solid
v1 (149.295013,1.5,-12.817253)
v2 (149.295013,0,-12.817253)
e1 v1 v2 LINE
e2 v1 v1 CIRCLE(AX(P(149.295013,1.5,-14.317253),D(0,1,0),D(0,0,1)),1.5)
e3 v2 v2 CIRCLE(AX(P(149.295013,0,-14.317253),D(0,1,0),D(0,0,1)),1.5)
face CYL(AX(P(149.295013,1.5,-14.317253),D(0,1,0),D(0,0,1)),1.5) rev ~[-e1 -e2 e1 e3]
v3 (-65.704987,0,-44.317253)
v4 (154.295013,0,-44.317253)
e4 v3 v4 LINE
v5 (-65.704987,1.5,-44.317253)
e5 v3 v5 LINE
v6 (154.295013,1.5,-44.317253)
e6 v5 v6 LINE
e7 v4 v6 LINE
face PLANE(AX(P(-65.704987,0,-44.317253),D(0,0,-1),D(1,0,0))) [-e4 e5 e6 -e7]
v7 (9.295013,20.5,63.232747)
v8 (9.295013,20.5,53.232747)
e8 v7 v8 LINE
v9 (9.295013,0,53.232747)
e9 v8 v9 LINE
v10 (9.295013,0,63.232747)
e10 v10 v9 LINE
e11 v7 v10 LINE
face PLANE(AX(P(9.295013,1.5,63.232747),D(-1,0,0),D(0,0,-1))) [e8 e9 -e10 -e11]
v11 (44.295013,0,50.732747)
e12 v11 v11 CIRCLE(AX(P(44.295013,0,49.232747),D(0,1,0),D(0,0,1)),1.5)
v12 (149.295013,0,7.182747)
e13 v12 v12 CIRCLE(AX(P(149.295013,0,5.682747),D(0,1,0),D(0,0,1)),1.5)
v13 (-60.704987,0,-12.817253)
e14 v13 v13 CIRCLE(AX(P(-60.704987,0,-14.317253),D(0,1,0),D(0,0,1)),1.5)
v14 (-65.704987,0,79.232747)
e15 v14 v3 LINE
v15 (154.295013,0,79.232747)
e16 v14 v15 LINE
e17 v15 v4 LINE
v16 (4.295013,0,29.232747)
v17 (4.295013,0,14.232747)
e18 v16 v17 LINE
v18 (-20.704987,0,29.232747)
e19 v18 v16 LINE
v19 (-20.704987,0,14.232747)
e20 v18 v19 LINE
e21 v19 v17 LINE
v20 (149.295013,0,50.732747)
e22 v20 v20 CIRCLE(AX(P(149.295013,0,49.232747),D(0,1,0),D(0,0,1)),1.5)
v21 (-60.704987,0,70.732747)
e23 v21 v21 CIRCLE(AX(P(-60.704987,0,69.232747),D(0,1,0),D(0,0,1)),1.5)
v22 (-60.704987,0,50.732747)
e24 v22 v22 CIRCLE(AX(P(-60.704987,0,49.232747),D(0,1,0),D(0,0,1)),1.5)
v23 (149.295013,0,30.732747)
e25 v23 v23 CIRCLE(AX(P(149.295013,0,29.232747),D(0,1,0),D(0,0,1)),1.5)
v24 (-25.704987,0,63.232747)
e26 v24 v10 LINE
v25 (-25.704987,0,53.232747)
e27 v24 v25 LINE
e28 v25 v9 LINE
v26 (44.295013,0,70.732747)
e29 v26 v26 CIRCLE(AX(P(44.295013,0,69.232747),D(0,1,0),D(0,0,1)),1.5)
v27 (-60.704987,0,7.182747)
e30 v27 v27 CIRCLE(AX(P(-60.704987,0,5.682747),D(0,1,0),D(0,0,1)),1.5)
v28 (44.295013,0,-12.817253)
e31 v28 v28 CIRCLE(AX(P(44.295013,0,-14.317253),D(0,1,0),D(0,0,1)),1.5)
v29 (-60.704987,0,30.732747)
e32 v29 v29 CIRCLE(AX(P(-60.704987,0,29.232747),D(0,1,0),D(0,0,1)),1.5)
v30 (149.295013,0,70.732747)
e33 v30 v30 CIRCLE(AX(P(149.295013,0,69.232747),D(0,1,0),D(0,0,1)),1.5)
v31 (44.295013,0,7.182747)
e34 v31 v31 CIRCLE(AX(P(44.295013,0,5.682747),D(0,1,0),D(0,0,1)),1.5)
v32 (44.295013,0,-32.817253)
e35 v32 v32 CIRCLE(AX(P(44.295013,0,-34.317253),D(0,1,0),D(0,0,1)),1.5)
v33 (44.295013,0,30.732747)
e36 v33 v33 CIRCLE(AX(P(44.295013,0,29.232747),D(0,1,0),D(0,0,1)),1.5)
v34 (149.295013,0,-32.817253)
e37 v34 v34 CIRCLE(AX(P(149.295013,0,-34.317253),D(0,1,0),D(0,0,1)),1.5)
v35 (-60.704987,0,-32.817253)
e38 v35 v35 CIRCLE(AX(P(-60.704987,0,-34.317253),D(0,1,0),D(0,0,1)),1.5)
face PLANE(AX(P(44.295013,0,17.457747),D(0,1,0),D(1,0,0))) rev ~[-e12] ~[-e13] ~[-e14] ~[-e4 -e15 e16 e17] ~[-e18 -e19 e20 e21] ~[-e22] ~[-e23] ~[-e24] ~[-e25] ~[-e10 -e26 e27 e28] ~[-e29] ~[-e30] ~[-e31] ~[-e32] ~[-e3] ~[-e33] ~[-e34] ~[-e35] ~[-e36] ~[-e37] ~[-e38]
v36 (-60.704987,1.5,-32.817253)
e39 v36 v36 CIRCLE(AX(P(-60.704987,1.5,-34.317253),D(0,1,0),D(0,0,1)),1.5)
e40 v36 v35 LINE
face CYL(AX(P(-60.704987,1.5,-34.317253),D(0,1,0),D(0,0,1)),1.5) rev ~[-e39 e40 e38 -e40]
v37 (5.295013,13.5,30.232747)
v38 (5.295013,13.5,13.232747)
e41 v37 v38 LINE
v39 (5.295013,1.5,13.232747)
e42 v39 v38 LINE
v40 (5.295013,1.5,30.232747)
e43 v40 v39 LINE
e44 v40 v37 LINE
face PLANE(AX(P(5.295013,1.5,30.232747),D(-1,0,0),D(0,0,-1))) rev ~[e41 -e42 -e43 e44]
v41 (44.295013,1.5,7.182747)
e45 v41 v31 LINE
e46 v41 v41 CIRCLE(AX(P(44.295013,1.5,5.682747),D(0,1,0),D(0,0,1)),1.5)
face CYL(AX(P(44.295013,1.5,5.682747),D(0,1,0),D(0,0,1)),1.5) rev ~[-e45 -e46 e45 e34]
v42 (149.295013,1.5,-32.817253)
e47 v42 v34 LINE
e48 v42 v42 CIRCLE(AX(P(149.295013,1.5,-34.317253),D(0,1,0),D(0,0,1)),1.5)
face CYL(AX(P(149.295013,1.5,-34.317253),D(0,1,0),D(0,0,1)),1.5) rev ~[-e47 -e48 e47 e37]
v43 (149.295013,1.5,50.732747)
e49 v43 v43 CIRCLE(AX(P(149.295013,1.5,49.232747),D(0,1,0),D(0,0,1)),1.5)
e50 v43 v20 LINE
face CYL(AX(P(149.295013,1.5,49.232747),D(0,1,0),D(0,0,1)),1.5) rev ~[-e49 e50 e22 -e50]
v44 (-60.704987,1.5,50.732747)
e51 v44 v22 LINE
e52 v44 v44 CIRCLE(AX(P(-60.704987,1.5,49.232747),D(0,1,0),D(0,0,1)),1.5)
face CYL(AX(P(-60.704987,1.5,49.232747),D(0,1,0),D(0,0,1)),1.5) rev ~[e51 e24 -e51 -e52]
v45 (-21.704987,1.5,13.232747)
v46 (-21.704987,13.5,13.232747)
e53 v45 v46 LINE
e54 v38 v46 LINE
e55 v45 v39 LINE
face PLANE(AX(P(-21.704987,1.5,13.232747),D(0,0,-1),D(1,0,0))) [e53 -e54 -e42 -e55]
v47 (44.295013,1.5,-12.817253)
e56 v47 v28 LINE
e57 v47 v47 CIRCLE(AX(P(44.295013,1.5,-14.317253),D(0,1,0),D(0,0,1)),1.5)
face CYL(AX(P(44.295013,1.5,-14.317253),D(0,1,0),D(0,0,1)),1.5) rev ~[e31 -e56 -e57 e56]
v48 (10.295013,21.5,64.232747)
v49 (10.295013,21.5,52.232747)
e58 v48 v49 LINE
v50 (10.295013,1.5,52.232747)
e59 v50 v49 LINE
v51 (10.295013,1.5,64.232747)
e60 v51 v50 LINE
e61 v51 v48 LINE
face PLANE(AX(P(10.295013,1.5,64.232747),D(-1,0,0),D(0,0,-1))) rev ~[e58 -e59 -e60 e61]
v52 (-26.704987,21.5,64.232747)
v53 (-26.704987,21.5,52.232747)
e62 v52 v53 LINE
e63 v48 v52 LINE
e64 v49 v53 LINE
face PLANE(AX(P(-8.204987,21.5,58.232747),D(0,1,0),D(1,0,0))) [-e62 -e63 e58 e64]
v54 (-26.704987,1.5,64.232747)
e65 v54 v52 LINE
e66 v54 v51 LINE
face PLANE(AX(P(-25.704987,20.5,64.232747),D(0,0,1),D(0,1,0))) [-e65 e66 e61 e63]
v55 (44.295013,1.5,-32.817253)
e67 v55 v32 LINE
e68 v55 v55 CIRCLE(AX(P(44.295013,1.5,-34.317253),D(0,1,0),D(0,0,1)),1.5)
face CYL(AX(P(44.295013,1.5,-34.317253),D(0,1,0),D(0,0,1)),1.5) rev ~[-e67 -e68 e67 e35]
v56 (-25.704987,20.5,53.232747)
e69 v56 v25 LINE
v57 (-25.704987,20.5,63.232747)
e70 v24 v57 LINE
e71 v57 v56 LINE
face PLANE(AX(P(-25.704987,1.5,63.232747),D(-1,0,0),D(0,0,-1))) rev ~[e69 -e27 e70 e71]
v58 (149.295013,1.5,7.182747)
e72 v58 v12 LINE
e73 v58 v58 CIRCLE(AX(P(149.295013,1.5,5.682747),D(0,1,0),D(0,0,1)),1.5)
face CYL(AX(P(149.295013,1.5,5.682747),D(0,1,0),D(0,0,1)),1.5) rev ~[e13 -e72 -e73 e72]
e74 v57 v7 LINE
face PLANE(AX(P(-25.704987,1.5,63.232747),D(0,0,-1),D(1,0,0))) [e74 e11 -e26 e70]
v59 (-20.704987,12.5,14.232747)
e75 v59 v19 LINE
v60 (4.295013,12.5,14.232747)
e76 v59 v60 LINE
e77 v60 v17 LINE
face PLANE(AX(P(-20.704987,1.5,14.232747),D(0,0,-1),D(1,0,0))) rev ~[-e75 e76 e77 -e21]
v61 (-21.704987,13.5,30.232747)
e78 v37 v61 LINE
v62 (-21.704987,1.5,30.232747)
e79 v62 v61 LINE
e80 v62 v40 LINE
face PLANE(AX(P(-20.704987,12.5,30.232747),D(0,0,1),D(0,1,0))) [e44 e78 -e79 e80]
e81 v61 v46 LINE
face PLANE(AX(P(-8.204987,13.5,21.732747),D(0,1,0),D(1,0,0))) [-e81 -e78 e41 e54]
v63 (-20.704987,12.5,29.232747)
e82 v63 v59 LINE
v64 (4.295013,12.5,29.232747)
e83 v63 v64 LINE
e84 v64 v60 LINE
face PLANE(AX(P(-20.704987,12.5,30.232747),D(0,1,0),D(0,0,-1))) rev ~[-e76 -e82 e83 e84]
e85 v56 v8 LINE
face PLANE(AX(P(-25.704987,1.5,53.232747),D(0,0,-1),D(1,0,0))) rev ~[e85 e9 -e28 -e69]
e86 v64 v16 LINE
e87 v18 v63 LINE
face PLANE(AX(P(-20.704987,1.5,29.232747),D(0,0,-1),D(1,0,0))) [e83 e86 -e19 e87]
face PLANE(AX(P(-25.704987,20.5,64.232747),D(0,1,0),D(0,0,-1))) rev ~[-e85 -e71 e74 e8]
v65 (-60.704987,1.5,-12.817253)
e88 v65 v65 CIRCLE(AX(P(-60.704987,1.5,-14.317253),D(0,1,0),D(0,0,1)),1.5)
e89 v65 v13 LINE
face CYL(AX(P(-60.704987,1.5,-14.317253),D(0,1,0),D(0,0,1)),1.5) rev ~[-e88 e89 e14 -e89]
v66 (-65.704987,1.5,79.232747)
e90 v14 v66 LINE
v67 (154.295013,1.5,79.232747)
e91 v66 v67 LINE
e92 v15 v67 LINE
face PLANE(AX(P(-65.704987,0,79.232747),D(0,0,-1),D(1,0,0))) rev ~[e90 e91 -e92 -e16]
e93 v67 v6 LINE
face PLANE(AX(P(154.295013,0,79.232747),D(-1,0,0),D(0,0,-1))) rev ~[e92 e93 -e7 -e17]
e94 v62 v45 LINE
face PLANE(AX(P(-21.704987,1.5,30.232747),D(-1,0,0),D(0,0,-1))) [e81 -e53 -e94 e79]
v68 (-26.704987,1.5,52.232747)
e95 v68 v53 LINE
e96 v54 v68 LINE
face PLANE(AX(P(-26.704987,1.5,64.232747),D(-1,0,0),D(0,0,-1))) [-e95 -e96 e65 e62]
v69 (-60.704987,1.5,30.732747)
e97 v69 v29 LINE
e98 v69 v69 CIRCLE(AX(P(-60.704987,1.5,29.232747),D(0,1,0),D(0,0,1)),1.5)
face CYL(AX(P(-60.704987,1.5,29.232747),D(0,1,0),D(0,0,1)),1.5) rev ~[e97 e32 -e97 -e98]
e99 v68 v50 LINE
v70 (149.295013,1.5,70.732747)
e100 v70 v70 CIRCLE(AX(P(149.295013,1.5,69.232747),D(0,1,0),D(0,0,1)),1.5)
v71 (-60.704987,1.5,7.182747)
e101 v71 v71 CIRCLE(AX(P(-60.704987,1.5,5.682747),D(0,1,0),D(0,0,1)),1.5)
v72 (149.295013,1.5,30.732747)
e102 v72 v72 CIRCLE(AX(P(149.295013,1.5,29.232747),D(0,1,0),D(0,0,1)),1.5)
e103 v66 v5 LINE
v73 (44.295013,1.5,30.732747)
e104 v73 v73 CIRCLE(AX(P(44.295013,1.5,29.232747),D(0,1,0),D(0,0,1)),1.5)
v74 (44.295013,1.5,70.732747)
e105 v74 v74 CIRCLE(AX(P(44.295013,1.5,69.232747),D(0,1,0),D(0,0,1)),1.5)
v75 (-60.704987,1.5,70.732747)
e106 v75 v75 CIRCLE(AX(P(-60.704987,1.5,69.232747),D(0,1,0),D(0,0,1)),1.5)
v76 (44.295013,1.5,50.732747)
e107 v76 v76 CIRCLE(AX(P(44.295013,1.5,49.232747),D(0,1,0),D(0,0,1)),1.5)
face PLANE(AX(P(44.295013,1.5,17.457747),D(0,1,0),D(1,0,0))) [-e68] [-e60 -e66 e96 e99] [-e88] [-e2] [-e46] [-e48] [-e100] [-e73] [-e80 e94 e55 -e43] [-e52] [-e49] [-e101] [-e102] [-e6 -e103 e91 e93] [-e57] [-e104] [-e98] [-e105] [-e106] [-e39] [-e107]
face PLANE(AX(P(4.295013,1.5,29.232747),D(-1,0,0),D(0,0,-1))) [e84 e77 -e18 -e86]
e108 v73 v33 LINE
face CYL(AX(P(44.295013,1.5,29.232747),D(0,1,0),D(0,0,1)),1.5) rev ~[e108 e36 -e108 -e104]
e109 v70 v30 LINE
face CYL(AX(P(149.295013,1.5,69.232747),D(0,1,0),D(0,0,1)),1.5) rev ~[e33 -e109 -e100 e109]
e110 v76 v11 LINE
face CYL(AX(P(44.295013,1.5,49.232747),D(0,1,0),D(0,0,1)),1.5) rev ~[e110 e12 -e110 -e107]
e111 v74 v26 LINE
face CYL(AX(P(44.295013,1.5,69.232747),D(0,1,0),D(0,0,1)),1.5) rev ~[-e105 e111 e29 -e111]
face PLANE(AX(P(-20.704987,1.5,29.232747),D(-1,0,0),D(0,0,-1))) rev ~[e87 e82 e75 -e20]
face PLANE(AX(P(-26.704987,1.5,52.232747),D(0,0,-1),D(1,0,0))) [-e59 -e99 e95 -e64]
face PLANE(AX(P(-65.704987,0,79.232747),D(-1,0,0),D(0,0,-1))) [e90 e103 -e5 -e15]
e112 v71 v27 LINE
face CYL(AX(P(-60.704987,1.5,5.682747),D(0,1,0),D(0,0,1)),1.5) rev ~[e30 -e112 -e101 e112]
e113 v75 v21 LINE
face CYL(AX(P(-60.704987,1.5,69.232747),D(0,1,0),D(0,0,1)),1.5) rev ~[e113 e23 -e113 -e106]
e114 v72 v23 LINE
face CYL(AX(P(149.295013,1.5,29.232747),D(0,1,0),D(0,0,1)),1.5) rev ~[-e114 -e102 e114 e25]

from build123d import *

# Parameters (mm, degrees)
SKETCH_1_W          = 220
SKETCH_1_H          = 123.55
EXTRUDE_1_DEPTH     = 1.5
SKETCH_2_R          = 1.5
CUT_EXTRUDE_1_DEPTH = 10
SKETCH_3_W          = 35
SKETCH_3_H          = 10
SKETCH_3_W_2        = 25
SKETCH_3_H_2        = 15
CUT_EXTRUDE_2_DEPTH = 174.45613061
SKETCH_3_3_W        = 27
SKETCH_3_3_H        = 17
SKETCH_3_3_W_2      = 25
SKETCH_3_3_H_2      = 15
EXTRUDE_2_DEPTH     = 12
SKETCH_3_4_W        = 37
SKETCH_3_4_H        = 12
SKETCH_3_4_W_2      = 35
SKETCH_3_4_H_2      = 10
EXTRUDE_3_DEPTH     = 20
SKETCH_11_W         = 17
SKETCH_11_H         = 1
EXTRUDE_4_DEPTH     = 25
SKETCH_12_W         = 12
SKETCH_12_H         = 1
EXTRUDE_5_DEPTH     = 35


with BuildPart() as part:
    # 草图1 → 凸台-拉伸1 (new body)
    with BuildSketch(Plane(origin=(0, 0, 0), x_dir=(1, 0, 0), z_dir=(0, 1, 0))):
        with Locations((44.295012832, -17.457747405)):
            Rectangle(SKETCH_1_W, SKETCH_1_H)
    extrude(amount=EXTRUDE_1_DEPTH)

    # 草图2 → 切除-拉伸1 (cut)
    with BuildSketch(Plane(origin=(0, 1.5, 0), x_dir=(1, 0, 0), z_dir=(0, 1, 0))):
        with Locations(Location((149.295012832, -69.232747405, 0), (0, 0, 270))):
            Circle(SKETCH_2_R)
        with Locations(Location((149.295012832, -49.232747405, 0), (0, 0, 270))):
            Circle(SKETCH_2_R)
        with Locations(Location((44.295012832, -49.232747405, 0), (0, 0, 270))):
            Circle(SKETCH_2_R)
        with Locations(Location((44.295012832, -69.232747405, 0), (0, 0, 270))):
            Circle(SKETCH_2_R)
        with Locations(Location((44.295012832, 14.317252595, 0), (0, 0, 270))):
            Circle(SKETCH_2_R)
        with Locations(Location((44.295012832, 34.317252595, 0), (0, 0, 270))):
            Circle(SKETCH_2_R)
        with Locations(Location((149.295012832, 14.317252595, 0), (0, 0, 270))):
            Circle(SKETCH_2_R)
        with Locations(Location((149.295012832, 34.317252595, 0), (0, 0, 270))):
            Circle(SKETCH_2_R)
        with Locations(Location((-60.704987168, 34.317252595, 0), (0, 0, 270))):
            Circle(SKETCH_2_R)
        with Locations(Location((-60.704987168, 14.317252595, 0), (0, 0, 270))):
            Circle(SKETCH_2_R)
        with Locations(Location((-60.704987168, -49.232747405, 0), (0, 0, 270))):
            Circle(SKETCH_2_R)
        with Locations(Location((-60.704987168, -69.232747405, 0), (0, 0, 270))):
            Circle(SKETCH_2_R)
        with Locations(Location((-60.704987168, -29.232747405, 0), (0, 0, 270))):
            Circle(SKETCH_2_R)
        with Locations(Location((-60.704987168, -5.682747405, 0), (0, 0, 270))):
            Circle(SKETCH_2_R)
        with Locations(Location((44.295012832, -5.682747405, 0), (0, 0, 270))):
            Circle(SKETCH_2_R)
        with Locations(Location((44.295012832, -29.232747405, 0), (0, 0, 270))):
            Circle(SKETCH_2_R)
        with Locations(Location((149.295012832, -5.682747405, 0), (0, 0, 270))):
            Circle(SKETCH_2_R)
        with Locations(Location((149.295012832, -29.232747405, 0), (0, 0, 270))):
            Circle(SKETCH_2_R)
    extrude(amount=-CUT_EXTRUDE_1_DEPTH, mode=Mode.SUBTRACT)

    # 草图3 → 切除-拉伸2 (cut, through all)
    with BuildSketch(Plane(origin=(0, 1.5, 0), x_dir=(1, 0, 0), z_dir=(0, 1, 0))):
        with Locations((-8.204987168, -58.232747405)):
            Rectangle(SKETCH_3_W, SKETCH_3_H)
        with Locations((-8.204987168, -21.732747405)):
            Rectangle(SKETCH_3_W_2, SKETCH_3_H_2)
    extrude(amount=-CUT_EXTRUDE_2_DEPTH, mode=Mode.SUBTRACT)

    # 草图3<3> → 凸台-拉伸2 (add)
    with BuildSketch(Plane(origin=(0, 1.5, 0), x_dir=(1, 0, 0), z_dir=(0, 1, 0))):
        with Locations((-8.204987168, -21.732747405)):
            Rectangle(SKETCH_3_3_W, SKETCH_3_3_H)
        with Locations((-8.204987168, -21.732747405)):
            Rectangle(SKETCH_3_3_W_2, SKETCH_3_3_H_2, mode=Mode.SUBTRACT)
    extrude(amount=EXTRUDE_2_DEPTH)

    # 草图3<4> → 凸台-拉伸3 (add)
    with BuildSketch(Plane(origin=(0, 1.5, 0), x_dir=(1, 0, 0), z_dir=(0, 1, 0))):
        with Locations((-8.204987168, -58.232747405)):
            Rectangle(SKETCH_3_4_W, SKETCH_3_4_H)
        with Locations((-8.204987168, -58.232747405)):
            Rectangle(SKETCH_3_4_W_2, SKETCH_3_4_H_2, mode=Mode.SUBTRACT)
    extrude(amount=EXTRUDE_3_DEPTH)

    # 草图11 → 凸台-拉伸4 (add)
    with BuildSketch(Plane(origin=(-20.704987168, 0, 0), x_dir=(0, 0, -1), z_dir=(1, 0, 0))):
        with Locations((-21.732747405, 13)):
            Rectangle(SKETCH_11_W, SKETCH_11_H)
    extrude(amount=EXTRUDE_4_DEPTH)

    # 草图12 → 凸台-拉伸5 (add)
    with BuildSketch(Plane(origin=(-25.704987168, 0, 0), x_dir=(0, 0, -1), z_dir=(1, 0, 0))):
        with Locations((-58.232747405, 21)):
            Rectangle(SKETCH_12_W, SKETCH_12_H)
    extrude(amount=EXTRUDE_5_DEPTH)


solid = part.part
